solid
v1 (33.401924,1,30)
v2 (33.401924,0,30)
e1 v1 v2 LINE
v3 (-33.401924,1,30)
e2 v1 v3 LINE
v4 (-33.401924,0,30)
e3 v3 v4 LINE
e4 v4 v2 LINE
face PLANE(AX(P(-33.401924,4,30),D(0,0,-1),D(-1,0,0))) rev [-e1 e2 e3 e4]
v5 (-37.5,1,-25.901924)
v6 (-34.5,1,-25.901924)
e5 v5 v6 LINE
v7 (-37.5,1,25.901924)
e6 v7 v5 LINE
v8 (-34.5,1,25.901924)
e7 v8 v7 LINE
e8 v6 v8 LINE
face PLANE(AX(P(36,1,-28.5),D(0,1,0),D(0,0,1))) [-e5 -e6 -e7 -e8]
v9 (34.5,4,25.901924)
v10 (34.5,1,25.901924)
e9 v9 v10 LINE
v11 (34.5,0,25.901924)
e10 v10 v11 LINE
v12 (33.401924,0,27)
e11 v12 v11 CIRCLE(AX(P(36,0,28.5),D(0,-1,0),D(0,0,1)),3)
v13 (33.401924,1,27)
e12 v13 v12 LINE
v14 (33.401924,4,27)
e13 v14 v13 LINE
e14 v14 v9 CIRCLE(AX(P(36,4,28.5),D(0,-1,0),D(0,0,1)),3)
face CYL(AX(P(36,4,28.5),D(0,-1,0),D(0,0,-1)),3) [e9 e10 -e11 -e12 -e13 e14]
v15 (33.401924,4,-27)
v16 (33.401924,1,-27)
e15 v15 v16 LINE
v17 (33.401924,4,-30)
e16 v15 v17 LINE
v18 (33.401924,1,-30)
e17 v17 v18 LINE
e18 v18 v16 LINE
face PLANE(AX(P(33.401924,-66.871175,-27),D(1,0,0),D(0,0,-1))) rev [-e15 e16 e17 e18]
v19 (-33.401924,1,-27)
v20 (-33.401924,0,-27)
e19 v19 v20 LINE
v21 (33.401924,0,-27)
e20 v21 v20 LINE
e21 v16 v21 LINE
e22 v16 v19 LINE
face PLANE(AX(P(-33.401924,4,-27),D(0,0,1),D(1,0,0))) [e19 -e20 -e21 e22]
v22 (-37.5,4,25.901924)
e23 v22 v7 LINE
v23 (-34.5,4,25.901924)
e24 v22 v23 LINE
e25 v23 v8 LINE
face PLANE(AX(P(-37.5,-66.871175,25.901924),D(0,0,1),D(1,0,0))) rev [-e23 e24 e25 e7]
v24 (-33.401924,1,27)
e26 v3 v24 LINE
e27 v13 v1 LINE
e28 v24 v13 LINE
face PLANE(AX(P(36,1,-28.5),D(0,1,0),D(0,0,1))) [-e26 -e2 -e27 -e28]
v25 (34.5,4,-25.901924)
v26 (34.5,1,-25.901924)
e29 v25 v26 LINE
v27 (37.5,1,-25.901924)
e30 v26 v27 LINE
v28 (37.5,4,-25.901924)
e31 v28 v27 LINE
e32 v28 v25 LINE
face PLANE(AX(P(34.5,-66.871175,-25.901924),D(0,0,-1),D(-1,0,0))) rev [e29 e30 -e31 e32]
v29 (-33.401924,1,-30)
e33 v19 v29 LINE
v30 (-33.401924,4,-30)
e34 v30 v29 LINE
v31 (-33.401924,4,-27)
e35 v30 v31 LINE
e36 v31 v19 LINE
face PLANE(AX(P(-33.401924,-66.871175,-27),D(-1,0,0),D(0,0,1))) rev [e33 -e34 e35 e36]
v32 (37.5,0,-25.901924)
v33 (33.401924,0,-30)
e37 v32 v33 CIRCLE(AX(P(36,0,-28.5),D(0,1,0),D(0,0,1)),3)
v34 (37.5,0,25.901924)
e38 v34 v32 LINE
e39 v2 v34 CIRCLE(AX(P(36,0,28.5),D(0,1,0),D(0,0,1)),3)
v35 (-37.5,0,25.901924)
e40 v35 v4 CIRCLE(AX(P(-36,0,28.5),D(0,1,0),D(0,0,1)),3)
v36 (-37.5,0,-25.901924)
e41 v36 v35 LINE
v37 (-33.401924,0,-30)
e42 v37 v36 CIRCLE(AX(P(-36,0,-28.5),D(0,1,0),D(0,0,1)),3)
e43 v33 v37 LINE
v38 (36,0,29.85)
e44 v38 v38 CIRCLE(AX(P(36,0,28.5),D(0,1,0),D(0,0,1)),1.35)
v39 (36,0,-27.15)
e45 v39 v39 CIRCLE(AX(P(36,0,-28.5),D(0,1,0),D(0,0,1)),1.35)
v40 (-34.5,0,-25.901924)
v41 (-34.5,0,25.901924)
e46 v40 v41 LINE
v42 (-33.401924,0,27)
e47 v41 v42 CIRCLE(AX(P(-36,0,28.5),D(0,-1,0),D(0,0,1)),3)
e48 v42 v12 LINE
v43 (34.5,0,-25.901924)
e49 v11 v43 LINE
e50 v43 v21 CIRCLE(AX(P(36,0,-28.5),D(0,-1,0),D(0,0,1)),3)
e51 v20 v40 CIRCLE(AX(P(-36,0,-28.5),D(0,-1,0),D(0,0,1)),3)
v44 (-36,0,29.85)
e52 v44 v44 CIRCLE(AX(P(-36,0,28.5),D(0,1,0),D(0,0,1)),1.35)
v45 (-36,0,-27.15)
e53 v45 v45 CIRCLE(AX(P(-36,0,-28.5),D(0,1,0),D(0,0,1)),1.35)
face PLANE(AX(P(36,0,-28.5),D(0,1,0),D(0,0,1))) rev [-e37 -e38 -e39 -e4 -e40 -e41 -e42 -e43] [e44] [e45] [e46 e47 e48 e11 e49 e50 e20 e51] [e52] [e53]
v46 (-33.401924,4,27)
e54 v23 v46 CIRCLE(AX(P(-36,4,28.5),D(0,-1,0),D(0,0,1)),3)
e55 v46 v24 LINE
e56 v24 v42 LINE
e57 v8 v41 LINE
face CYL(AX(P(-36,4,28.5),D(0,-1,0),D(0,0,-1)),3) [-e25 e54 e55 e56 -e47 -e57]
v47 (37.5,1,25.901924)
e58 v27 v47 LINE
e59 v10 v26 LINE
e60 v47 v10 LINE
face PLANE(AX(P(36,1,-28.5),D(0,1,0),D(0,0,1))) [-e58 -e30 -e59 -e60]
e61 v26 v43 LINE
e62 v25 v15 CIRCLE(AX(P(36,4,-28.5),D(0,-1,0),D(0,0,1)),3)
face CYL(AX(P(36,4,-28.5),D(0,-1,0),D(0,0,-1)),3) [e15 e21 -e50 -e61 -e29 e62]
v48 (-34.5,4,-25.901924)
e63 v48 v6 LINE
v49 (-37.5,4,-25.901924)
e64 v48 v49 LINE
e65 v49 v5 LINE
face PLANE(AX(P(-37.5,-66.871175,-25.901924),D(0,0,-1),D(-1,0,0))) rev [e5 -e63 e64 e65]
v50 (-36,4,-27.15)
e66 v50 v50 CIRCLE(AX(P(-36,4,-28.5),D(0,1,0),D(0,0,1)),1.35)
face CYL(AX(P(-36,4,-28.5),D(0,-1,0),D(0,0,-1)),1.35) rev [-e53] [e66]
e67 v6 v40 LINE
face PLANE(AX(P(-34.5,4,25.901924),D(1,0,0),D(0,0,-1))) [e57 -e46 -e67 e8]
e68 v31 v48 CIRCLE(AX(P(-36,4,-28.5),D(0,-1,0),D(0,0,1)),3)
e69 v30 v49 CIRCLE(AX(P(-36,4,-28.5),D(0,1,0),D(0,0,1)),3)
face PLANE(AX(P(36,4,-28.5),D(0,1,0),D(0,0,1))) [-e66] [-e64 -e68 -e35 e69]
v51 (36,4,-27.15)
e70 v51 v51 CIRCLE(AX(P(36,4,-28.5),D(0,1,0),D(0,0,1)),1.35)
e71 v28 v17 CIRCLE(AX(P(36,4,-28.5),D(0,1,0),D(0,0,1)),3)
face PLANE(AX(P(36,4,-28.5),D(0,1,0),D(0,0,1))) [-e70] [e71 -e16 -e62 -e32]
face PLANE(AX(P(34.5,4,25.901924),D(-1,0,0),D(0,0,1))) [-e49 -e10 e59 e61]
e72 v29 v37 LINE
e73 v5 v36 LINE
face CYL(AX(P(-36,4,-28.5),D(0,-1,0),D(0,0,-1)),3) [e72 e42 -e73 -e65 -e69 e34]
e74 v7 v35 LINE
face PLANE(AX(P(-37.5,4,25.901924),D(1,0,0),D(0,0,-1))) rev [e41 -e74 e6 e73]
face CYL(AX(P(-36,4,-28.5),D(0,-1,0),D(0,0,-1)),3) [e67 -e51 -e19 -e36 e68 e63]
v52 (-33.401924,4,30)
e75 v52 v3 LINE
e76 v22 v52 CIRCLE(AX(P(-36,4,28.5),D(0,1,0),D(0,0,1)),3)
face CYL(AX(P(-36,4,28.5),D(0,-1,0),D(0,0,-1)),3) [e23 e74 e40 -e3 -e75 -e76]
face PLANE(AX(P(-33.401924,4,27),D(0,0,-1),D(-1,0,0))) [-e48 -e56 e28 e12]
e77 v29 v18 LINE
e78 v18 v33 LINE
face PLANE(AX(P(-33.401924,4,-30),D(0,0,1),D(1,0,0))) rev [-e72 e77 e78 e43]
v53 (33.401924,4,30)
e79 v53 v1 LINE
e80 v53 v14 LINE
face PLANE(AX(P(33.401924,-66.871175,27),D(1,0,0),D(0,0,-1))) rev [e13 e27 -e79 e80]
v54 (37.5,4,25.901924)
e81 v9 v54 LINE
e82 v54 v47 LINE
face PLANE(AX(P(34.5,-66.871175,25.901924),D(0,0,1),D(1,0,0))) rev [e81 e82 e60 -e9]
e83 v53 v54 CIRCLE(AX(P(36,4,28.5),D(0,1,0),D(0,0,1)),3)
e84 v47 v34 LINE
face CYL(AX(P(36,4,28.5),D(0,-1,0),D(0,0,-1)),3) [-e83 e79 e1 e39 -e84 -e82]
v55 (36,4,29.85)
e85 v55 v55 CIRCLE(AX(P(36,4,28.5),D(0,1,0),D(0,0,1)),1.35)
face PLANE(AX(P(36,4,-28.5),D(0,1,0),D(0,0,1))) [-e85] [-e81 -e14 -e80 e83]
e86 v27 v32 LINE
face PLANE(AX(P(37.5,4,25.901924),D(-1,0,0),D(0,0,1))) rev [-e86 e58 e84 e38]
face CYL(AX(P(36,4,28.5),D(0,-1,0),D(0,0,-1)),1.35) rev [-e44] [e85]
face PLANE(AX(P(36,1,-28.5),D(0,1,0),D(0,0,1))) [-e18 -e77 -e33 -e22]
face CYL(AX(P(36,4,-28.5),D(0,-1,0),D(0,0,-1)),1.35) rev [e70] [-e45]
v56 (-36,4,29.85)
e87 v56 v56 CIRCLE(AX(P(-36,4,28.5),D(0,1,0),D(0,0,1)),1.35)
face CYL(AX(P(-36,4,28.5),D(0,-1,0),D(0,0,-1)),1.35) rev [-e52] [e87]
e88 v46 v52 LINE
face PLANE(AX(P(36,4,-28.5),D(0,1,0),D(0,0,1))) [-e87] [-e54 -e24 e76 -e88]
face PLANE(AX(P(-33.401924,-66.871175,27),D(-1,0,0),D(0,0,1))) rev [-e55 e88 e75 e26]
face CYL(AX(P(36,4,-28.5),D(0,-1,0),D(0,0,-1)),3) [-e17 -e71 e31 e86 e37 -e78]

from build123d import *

# Parameters (mm, degrees)
SKETCH1_R           = 1.35
BOSS_EXTRUDE1_DEPTH = 4
SKETCH2_W           = 3
SKETCH2_H           = 51.803847578
SKETCH2_W_2         = 66.803847578
SKETCH2_H_2         = 3
CUT_EXTRUDE1_DEPTH  = 3


with BuildPart() as part:
    # Sketch1 → Boss-Extrude1 (new body)
    with BuildSketch(Plane(origin=(0, 0, 0), x_dir=(1, 0, 0), z_dir=(0, 1, 0))):
        with BuildLine():
            Line((-33.401923789, 30), (33.401923789, 30))
            ThreePointArc((33.401923789, 30), (38.121320344, 30.621320344), (37.5, 25.901923789))
            Line((37.5, 25.901923789), (37.5, -25.901923789))
            ThreePointArc((37.5, -25.901923789), (38.121320344, -30.621320344), (33.401923789, -30))
            Line((33.401923789, -30), (-33.401923789, -30))
            ThreePointArc((-33.401923789, -30), (-38.121320344, -30.621320344), (-37.5, -25.901923789))
            Line((-37.5, -25.901923789), (-37.5, 25.901923789))
            ThreePointArc((-37.5, 25.901923789), (-38.121320344, 30.621320344), (-33.401923789, 30))
        make_face()
        with Locations((36, 28.5)):
            Circle(SKETCH1_R, mode=Mode.SUBTRACT)
        with Locations((36, -28.5)):
            Circle(SKETCH1_R, mode=Mode.SUBTRACT)
        with Locations((-36, -28.5)):
            Circle(SKETCH1_R, mode=Mode.SUBTRACT)
        with Locations((-36, 28.5)):
            Circle(SKETCH1_R, mode=Mode.SUBTRACT)
        with BuildLine():
            Line((-33.401923789, 27), (33.401923789, 27))
            ThreePointArc((33.401923789, 27), (33.878679656, 26.378679656), (34.5, 25.901923789))
            Line((34.5, 25.901923789), (34.5, -25.901923789))
            ThreePointArc((34.5, -25.901923789), (33.878679656, -26.378679656), (33.401923789, -27))
            Line((33.401923789, -27), (-33.401923789, -27))
            ThreePointArc((-33.401923789, -27), (-33.878679656, -26.378679656), (-34.5, -25.901923789))
            Line((-34.5, -25.901923789), (-34.5, 25.901923789))
            ThreePointArc((-34.5, 25.901923789), (-33.878679656, 26.378679656), (-33.401923789, 27))
        make_face(mode=Mode.SUBTRACT)
    extrude(amount=BOSS_EXTRUDE1_DEPTH)

    # Sketch2 → Cut-Extrude1 (cut)
    with BuildSketch(Plane(origin=(0, 4, 0), x_dir=(1, 0, 0), z_dir=(0, 1, 0))):
        with Locations((-36, 0)):
            Rectangle(SKETCH2_W, SKETCH2_H)
        with Locations((0, -28.5)):
            Rectangle(SKETCH2_W_2, SKETCH2_H_2)
        with Locations((36, 0)):
            Rectangle(SKETCH2_W, SKETCH2_H)
        with Locations((0, 28.5)):
            Rectangle(SKETCH2_W_2, SKETCH2_H_2)
    extrude(amount=-CUT_EXTRUDE1_DEPTH, mode=Mode.SUBTRACT)


solid = part.part
